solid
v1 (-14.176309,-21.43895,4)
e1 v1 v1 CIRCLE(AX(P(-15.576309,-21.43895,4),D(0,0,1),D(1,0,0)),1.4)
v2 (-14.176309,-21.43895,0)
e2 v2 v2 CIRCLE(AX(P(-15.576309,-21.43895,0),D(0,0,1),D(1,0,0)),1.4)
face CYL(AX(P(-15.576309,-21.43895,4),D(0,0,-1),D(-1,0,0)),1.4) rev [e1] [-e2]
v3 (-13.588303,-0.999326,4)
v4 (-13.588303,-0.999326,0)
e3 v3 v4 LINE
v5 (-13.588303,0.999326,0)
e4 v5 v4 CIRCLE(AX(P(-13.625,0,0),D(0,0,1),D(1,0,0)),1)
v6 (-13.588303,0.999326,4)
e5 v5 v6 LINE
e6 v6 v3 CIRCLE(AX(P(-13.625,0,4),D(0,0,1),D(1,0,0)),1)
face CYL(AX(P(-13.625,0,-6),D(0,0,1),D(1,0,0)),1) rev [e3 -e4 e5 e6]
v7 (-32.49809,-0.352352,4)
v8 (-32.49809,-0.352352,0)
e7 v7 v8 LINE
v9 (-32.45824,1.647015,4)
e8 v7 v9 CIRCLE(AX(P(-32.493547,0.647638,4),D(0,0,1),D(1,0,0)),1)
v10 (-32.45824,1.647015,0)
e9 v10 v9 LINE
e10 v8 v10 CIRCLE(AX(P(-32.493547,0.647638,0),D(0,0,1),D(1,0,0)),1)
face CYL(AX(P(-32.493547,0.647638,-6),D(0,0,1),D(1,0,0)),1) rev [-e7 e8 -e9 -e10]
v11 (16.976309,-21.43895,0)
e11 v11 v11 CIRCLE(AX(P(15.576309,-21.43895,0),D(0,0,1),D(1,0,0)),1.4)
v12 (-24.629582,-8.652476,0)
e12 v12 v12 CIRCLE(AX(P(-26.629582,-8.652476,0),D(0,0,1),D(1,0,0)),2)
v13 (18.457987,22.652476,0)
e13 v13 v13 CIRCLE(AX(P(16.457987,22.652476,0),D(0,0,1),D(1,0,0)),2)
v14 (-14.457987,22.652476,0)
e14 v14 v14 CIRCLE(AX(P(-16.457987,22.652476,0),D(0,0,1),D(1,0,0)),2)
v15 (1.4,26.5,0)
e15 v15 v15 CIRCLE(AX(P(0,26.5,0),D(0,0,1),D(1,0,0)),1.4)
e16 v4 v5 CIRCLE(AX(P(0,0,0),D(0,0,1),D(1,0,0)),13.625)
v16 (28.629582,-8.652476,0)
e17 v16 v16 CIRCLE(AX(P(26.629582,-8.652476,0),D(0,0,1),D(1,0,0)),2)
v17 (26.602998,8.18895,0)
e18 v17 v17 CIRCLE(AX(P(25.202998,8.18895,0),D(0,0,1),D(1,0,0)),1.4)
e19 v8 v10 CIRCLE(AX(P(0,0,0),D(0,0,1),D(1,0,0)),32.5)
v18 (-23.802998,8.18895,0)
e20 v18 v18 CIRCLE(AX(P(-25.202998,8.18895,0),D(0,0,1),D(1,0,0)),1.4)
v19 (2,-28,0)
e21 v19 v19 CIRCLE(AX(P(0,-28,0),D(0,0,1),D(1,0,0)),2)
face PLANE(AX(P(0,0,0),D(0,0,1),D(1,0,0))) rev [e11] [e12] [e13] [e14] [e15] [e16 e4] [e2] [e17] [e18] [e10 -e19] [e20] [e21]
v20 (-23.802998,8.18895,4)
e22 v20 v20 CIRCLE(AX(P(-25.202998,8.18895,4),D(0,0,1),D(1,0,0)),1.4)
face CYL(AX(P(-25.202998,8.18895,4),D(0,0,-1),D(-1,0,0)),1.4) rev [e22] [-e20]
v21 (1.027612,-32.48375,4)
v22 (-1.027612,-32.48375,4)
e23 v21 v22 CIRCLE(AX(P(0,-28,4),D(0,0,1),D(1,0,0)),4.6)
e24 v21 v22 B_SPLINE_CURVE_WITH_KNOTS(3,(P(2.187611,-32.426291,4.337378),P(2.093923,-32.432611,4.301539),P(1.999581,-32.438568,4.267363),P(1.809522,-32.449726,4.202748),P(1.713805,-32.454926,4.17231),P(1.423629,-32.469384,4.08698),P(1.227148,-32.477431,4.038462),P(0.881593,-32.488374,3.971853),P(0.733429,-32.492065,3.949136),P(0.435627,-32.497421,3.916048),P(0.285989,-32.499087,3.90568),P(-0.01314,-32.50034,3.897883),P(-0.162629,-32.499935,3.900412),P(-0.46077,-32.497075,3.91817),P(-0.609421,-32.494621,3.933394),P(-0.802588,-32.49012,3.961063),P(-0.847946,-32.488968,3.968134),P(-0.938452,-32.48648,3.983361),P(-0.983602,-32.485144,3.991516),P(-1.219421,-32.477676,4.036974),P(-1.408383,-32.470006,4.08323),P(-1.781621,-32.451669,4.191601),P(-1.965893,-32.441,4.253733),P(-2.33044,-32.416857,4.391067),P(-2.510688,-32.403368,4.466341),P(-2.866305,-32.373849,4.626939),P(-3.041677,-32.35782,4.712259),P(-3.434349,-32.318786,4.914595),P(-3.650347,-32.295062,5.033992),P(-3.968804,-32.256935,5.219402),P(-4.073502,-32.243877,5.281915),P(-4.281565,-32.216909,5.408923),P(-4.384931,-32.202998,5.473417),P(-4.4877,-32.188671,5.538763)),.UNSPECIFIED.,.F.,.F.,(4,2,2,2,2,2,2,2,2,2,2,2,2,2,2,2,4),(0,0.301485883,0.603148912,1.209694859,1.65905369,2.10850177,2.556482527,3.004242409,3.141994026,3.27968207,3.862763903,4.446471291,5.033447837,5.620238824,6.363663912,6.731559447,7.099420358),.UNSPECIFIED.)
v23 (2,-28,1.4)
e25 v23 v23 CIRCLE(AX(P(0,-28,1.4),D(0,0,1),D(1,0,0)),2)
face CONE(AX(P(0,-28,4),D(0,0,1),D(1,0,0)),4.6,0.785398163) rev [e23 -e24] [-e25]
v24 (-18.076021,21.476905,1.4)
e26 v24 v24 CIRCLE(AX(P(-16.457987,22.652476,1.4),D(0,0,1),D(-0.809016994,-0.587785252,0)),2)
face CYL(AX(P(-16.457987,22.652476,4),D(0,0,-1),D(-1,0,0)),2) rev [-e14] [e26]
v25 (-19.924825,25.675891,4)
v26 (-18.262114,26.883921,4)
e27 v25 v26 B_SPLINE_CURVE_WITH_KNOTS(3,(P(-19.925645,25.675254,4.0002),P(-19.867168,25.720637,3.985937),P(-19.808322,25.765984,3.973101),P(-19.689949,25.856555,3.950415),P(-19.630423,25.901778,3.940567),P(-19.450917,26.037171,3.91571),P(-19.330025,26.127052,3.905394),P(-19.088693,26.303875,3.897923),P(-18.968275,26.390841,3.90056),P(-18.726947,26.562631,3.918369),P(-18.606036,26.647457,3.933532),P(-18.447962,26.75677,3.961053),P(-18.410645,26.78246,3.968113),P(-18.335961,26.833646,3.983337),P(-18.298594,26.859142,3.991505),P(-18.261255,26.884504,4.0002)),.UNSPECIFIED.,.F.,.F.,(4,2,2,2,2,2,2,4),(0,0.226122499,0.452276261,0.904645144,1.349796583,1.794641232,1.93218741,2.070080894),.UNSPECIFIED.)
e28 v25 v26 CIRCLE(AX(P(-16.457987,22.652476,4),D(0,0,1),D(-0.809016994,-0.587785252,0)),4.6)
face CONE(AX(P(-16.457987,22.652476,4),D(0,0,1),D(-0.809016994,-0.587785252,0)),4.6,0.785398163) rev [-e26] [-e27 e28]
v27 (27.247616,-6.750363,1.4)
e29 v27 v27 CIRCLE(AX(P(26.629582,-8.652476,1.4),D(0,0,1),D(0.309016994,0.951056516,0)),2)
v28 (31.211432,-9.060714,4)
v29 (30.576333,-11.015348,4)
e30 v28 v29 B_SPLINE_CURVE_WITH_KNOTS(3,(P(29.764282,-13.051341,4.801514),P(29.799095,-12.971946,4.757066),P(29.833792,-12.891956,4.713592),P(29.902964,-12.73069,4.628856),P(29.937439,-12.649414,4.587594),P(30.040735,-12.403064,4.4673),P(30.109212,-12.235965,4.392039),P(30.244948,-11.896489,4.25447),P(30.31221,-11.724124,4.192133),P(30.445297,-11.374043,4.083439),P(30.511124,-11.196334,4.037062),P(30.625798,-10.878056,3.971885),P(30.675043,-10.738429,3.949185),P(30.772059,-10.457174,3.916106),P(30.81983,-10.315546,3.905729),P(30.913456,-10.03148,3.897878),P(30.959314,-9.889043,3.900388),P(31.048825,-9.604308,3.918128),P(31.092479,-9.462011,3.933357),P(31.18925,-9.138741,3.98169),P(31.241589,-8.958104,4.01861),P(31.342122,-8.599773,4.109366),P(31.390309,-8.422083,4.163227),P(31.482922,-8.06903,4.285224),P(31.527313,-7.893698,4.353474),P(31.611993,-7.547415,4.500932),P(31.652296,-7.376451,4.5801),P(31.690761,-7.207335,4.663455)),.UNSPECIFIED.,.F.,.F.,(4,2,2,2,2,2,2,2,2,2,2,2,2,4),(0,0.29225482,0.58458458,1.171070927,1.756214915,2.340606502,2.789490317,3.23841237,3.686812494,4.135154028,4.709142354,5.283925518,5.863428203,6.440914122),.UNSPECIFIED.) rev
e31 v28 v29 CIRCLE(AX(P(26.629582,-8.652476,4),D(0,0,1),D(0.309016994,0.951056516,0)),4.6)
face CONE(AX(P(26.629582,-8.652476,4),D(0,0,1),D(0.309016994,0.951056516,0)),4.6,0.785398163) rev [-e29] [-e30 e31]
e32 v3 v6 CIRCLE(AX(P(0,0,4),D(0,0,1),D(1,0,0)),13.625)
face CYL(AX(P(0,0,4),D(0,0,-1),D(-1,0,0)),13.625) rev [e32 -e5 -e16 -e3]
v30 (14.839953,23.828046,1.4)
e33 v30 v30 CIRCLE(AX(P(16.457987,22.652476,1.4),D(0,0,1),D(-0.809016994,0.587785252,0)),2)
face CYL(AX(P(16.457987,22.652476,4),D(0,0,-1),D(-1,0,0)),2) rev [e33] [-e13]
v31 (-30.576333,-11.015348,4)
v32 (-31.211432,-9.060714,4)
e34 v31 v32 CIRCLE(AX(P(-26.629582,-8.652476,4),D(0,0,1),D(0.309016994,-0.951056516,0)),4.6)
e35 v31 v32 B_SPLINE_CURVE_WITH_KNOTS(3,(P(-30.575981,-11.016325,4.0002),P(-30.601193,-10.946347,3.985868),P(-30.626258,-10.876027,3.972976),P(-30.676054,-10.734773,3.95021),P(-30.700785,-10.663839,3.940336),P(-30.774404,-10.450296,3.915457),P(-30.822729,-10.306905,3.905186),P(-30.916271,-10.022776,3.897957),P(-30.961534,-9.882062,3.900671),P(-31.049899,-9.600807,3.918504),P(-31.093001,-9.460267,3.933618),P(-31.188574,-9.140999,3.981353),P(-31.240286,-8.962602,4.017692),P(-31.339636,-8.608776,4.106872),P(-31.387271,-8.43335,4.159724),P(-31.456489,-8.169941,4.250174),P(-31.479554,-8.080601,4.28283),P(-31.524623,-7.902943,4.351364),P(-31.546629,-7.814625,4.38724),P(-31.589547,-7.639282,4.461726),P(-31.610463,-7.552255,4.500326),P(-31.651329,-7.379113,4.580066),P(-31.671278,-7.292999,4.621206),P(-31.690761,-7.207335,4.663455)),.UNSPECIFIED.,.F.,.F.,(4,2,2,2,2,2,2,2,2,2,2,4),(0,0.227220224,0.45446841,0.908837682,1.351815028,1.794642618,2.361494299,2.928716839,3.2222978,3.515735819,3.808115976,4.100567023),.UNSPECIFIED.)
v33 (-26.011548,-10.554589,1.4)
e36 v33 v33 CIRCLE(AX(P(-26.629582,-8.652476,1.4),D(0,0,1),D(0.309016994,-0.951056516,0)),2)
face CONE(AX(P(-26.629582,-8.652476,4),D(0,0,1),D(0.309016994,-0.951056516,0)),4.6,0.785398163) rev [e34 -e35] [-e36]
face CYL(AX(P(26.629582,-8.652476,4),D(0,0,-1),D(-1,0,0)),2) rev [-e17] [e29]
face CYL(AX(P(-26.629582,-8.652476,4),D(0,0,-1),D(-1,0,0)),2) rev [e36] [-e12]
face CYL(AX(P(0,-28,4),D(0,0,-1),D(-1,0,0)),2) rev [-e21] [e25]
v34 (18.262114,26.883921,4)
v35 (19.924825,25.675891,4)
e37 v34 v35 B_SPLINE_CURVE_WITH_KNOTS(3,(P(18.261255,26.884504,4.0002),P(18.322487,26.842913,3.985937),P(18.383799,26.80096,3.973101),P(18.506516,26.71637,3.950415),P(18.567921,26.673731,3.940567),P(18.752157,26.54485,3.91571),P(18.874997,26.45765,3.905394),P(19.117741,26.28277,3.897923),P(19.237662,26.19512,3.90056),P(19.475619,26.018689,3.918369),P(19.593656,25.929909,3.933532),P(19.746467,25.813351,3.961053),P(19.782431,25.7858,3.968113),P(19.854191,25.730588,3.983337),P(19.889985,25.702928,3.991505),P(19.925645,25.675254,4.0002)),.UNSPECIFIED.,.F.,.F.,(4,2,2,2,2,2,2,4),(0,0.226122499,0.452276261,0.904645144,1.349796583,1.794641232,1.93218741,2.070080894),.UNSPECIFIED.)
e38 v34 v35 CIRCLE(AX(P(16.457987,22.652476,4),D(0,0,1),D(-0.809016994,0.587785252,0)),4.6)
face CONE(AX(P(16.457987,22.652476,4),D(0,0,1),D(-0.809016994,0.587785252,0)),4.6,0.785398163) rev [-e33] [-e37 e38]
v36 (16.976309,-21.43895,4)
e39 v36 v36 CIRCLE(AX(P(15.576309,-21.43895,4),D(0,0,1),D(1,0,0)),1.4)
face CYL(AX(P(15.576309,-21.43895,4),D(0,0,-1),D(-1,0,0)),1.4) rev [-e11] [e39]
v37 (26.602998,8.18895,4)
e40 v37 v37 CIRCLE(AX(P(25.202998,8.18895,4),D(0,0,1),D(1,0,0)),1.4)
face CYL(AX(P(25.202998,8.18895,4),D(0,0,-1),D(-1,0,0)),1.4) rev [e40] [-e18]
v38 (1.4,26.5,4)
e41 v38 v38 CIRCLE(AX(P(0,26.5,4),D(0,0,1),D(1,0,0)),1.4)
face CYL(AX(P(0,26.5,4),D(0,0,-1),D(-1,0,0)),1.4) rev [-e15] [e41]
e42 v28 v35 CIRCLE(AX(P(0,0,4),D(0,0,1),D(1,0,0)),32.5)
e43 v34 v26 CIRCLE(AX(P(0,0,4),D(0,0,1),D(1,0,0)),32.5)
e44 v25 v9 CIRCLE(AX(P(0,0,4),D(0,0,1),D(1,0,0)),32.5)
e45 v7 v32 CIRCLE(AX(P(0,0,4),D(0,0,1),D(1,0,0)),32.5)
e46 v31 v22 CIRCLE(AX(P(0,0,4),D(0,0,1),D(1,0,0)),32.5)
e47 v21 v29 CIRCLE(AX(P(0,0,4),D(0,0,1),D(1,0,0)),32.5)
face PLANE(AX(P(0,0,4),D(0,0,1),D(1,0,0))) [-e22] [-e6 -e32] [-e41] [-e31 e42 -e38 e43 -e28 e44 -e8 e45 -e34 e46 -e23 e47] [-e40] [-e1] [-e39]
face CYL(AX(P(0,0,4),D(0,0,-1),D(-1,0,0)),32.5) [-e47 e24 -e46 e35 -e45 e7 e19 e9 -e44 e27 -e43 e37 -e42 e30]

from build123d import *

# Parameters (mm, degrees)
SKETCH_1_R               = 32.5
SKETCH_1_R_2             = 13.625
SKETCH_1_R_3             = 2
SKETCH_1_R_4             = 1.4
EXTRUDE_1_DEPTH          = 4
SKETCH_2_R               = 1
CUT_EXTRUDE_1_DEPTH      = 10
PATTERN_CIRCULAR_1_COUNT = 5


with BuildPart() as part:
    # 草图1 → 凸台-拉伸1 (new body)
    with BuildSketch(Plane.XY):
        Circle(SKETCH_1_R)
        Circle(SKETCH_1_R_2, mode=Mode.SUBTRACT)
        with Locations((0, -28)):
            Circle(SKETCH_1_R_3, mode=Mode.SUBTRACT)
        with Locations((-26.629582456, -8.652475842)):
            Circle(SKETCH_1_R_3, mode=Mode.SUBTRACT)
        with Locations((-16.457987064, 22.652475842)):
            Circle(SKETCH_1_R_3, mode=Mode.SUBTRACT)
        with Locations((16.457987064, 22.652475842)):
            Circle(SKETCH_1_R_3, mode=Mode.SUBTRACT)
        with Locations((26.629582456, -8.652475842)):
            Circle(SKETCH_1_R_3, mode=Mode.SUBTRACT)
        with Locations((-15.576309186, -21.438950351)):
            Circle(SKETCH_1_R_4, mode=Mode.SUBTRACT)
        with Locations((-25.202997682, 8.188950351)):
            Circle(SKETCH_1_R_4, mode=Mode.SUBTRACT)
        with Locations((0, 26.5)):
            Circle(SKETCH_1_R_4, mode=Mode.SUBTRACT)
        with Locations((25.202997682, 8.188950351)):
            Circle(SKETCH_1_R_4, mode=Mode.SUBTRACT)
        with Locations((15.576309186, -21.438950351)):
            Circle(SKETCH_1_R_4, mode=Mode.SUBTRACT)
    extrude(amount=EXTRUDE_1_DEPTH)

    # 草图2 → 切除-拉伸1 (cut)
    with BuildSketch(Plane.XY.offset(4)):
        with Locations((-13.625, 0)):
            Circle(SKETCH_2_R)
        with Locations((-32.49354651, 0.647638152)):
            Circle(SKETCH_2_R)
    extrude(amount=-CUT_EXTRUDE_1_DEPTH, mode=Mode.SUBTRACT)

    # 草图5 → 切除-旋转2 (revolve, cut)
    with BuildSketch(Plane(origin=(0, 0, 0), x_dir=(0, 0, -1), z_dir=(1, 0, 0)), mode=Mode.PRIVATE) as cut_revolve_2_sk:
        Polygon((-4, -28), (-1.4, -28), (-1.4, -30), (-4, -32.6), align=None)
    cut_revolve_2 = revolve(cut_revolve_2_sk.sketch.rotate(Axis((0, -28, 4), (0, 0, -1)), 270), axis=Axis((0, -28, 4), (0, 0, -1)), mode=Mode.SUBTRACT)

    # 阵列(圆周)1: 切除-旋转2 ×5 about axis
    pattern_circular_1_axis = Axis((0, 0, 0), (0, 0, 1))
    for i in range(1, PATTERN_CIRCULAR_1_COUNT):
        add(cut_revolve_2.rotate(pattern_circular_1_axis, i * 360 / PATTERN_CIRCULAR_1_COUNT), mode=Mode.SUBTRACT)


solid = part.part
